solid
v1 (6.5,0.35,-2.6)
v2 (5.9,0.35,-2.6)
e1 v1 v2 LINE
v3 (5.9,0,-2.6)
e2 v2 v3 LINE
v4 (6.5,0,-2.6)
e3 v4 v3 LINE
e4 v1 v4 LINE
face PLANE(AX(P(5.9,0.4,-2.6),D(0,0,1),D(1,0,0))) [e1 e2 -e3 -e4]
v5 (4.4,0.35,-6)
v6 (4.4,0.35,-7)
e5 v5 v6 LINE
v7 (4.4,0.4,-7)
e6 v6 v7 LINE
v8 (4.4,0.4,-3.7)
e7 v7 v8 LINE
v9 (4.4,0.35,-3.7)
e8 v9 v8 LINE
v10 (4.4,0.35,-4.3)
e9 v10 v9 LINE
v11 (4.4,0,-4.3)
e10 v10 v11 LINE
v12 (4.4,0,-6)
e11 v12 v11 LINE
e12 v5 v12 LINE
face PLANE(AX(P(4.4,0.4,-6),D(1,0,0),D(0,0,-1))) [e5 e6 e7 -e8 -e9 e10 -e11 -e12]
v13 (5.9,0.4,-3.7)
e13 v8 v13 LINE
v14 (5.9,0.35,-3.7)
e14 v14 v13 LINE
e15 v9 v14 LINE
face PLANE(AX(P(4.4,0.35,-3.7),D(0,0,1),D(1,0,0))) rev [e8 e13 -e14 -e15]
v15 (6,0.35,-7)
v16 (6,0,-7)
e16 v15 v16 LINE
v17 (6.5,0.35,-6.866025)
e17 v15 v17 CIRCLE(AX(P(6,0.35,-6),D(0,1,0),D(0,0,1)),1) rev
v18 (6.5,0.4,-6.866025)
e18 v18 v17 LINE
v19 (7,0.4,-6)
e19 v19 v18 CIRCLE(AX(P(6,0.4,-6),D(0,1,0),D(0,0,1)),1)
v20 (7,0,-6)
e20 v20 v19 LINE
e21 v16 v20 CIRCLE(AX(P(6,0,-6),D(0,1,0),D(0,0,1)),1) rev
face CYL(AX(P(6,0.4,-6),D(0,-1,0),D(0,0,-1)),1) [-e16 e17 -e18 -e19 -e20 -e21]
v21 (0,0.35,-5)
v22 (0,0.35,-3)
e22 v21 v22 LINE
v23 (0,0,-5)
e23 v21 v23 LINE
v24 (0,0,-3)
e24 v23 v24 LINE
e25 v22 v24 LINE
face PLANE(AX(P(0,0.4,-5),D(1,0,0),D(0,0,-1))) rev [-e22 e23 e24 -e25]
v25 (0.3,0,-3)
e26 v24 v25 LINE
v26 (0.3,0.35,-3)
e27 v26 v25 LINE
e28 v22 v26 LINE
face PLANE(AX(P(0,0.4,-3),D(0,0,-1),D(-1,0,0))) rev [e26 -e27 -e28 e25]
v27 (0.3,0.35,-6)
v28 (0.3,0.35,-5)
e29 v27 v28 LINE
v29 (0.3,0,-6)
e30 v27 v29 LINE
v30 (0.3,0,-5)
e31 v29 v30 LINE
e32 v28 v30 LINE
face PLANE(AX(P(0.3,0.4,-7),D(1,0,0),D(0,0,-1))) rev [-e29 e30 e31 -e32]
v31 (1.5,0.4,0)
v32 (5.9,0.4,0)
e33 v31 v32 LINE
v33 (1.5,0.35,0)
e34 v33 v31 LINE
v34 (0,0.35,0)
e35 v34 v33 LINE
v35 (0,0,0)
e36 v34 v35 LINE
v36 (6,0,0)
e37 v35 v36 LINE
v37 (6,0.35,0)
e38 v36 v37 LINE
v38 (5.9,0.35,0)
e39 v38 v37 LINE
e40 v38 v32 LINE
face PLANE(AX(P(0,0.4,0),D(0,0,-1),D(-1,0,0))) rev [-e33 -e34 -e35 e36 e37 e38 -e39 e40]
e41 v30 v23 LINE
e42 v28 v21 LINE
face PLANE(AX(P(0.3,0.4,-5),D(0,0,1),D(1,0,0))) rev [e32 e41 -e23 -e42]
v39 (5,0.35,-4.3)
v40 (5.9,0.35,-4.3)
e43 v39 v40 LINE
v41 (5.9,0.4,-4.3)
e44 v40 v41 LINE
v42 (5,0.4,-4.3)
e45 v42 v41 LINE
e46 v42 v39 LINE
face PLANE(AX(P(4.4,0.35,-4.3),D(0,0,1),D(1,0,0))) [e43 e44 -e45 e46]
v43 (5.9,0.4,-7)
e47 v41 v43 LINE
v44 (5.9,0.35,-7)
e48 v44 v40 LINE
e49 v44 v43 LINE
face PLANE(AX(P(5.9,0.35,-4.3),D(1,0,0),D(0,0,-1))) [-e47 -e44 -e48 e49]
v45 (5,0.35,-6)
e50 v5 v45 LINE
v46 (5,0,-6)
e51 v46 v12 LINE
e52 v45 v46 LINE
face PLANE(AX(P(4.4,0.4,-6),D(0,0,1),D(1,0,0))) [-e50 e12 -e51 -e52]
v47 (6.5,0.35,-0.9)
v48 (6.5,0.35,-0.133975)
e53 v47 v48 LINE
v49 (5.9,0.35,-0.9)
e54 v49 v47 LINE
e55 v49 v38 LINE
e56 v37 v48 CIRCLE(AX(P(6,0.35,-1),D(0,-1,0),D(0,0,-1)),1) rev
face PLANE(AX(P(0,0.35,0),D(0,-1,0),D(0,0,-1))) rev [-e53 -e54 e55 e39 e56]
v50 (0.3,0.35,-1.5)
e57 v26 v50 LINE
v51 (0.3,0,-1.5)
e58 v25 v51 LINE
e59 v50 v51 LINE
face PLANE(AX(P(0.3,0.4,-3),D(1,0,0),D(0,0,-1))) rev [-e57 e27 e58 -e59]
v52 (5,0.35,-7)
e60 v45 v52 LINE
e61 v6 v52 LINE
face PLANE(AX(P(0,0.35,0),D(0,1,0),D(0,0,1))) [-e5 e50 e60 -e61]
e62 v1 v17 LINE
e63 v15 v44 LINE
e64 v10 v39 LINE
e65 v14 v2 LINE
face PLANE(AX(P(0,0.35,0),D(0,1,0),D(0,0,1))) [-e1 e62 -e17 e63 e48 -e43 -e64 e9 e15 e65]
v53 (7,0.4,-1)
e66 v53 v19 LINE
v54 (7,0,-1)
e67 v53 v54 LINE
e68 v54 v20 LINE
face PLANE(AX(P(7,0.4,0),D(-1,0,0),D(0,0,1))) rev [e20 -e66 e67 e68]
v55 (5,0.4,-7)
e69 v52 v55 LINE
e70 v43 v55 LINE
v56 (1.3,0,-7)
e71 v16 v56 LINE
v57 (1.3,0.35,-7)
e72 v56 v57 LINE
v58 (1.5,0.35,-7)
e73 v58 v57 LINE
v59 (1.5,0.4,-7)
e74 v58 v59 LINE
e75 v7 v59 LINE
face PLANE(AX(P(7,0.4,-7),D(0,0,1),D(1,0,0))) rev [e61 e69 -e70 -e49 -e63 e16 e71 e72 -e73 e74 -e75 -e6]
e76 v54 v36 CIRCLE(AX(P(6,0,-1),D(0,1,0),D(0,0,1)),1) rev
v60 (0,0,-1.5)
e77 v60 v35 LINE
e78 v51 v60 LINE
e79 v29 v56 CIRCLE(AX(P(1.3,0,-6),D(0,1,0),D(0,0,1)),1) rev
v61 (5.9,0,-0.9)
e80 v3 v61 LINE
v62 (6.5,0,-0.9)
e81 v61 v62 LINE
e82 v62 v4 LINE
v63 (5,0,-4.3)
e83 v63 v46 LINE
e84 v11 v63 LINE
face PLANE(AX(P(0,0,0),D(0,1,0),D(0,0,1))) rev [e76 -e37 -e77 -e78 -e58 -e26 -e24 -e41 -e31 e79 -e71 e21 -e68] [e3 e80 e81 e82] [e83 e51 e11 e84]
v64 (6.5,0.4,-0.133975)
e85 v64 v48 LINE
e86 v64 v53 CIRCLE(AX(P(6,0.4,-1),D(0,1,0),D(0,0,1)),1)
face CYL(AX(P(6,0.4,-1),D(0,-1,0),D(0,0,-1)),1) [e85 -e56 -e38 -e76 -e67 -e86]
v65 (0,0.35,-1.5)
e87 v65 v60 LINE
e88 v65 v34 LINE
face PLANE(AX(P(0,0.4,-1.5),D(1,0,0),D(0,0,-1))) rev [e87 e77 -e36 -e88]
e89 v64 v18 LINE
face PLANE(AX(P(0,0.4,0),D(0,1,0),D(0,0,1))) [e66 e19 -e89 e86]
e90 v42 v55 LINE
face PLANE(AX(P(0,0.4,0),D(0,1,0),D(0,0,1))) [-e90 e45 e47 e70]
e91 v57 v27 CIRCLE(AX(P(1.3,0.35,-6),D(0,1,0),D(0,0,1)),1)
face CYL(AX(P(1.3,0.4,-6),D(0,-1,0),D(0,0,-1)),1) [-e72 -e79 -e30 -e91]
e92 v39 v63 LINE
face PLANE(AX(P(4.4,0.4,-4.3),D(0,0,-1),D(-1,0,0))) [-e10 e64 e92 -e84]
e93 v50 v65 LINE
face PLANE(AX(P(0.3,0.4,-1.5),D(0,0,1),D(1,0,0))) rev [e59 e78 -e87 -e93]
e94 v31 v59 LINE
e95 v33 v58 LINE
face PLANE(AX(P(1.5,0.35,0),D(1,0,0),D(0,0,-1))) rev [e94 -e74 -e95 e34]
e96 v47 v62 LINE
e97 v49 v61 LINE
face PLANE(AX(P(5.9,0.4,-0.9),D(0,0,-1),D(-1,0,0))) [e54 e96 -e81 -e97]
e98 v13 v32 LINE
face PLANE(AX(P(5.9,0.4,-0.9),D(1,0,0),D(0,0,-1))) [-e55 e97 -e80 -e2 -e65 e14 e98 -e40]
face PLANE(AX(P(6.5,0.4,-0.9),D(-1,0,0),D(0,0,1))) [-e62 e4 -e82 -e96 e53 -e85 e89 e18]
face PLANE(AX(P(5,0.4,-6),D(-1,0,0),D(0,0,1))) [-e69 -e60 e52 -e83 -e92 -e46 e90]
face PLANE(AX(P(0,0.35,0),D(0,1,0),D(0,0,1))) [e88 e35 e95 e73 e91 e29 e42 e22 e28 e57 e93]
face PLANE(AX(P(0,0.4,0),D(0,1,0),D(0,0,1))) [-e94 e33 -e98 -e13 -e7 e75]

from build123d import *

# Parameters (mm, degrees)
SKETCH1_W           = 0.6
SKETCH1_H           = 1.7
BOSS_EXTRUDE1_DEPTH = 0.4
FILLET1_R           = 1
SKETCH3_W           = 0.6
SKETCH3_H           = 0.9
SKETCH3_H_2         = 1
CUT_EXTRUDE2_DEPTH  = 0.05


with BuildPart() as part:
    # Sketch1 → Boss-Extrude1 (new body)
    with BuildSketch(Plane(origin=(0, 0, 0), x_dir=(1, 0, 0), z_dir=(0, 1, 0))):
        Polygon((0, 0), (7, 0), (7, 7), (0.3, 7), (0.3, 5), (0, 5), (0, 3), (0.3, 3), (0.3, 1.5), (0, 1.5), align=None)
        with Locations((4.7, 5.15)):
            Rectangle(SKETCH1_W, SKETCH1_H, mode=Mode.SUBTRACT)
        with Locations((6.2, 1.75)):
            Rectangle(SKETCH1_W, SKETCH1_H, mode=Mode.SUBTRACT)
    extrude(amount=BOSS_EXTRUDE1_DEPTH)

    # Fillet1
    fillet1_edges = [part.edges().sort_by_distance(p)[0] for p in [
        (0.3, 0.2, -7),
        (7, 0.2, -7),
        (7, 0.2, 0),
    ]]
    fillet(fillet1_edges, radius=FILLET1_R)

    # Sketch3 → Cut-Extrude2 (cut)
    with BuildSketch(Plane(origin=(0, 0.4, 0), x_dir=(1, 0, 0), z_dir=(0, 1, 0))):
        with BuildLine():
            Line((1.5, 0), (1.5, 7))
            Line((1.5, 7), (1.3, 7))
            ThreePointArc((1.3, 7), (0.592893219, 6.707106781), (0.3, 6))
            Line((0.3, 6), (0.3, 5))
            Line((0.3, 5), (0, 5))
            Line((0, 5), (0, 3))
            Line((0, 3), (0.3, 3))
            Line((0.3, 3), (0.3, 1.5))
            Line((0.3, 1.5), (0, 1.5))
            Line((0, 1.5), (0, 0))
            Line((0, 0), (1.5, 0))
        make_face()
        with Locations((6.2, 0.45)):
            Rectangle(SKETCH3_W, SKETCH3_H)
        Polygon((4.4, 4.3), (5, 4.3), (5.9, 4.3), (5.9, 7), (5.9, 7.268876882), (6.5, 7.268876882), (6.5, 7), (6.5, 4.3), (6.5, 3.7), (6.5, 2.6), (5.9, 2.6), (5.9, 3.7), (4.4, 3.7), align=None)
        with Locations((4.7, 6.5)):
            Rectangle(SKETCH3_W, SKETCH3_H_2)
    extrude(amount=-CUT_EXTRUDE2_DEPTH, mode=Mode.SUBTRACT)


solid = part.part
